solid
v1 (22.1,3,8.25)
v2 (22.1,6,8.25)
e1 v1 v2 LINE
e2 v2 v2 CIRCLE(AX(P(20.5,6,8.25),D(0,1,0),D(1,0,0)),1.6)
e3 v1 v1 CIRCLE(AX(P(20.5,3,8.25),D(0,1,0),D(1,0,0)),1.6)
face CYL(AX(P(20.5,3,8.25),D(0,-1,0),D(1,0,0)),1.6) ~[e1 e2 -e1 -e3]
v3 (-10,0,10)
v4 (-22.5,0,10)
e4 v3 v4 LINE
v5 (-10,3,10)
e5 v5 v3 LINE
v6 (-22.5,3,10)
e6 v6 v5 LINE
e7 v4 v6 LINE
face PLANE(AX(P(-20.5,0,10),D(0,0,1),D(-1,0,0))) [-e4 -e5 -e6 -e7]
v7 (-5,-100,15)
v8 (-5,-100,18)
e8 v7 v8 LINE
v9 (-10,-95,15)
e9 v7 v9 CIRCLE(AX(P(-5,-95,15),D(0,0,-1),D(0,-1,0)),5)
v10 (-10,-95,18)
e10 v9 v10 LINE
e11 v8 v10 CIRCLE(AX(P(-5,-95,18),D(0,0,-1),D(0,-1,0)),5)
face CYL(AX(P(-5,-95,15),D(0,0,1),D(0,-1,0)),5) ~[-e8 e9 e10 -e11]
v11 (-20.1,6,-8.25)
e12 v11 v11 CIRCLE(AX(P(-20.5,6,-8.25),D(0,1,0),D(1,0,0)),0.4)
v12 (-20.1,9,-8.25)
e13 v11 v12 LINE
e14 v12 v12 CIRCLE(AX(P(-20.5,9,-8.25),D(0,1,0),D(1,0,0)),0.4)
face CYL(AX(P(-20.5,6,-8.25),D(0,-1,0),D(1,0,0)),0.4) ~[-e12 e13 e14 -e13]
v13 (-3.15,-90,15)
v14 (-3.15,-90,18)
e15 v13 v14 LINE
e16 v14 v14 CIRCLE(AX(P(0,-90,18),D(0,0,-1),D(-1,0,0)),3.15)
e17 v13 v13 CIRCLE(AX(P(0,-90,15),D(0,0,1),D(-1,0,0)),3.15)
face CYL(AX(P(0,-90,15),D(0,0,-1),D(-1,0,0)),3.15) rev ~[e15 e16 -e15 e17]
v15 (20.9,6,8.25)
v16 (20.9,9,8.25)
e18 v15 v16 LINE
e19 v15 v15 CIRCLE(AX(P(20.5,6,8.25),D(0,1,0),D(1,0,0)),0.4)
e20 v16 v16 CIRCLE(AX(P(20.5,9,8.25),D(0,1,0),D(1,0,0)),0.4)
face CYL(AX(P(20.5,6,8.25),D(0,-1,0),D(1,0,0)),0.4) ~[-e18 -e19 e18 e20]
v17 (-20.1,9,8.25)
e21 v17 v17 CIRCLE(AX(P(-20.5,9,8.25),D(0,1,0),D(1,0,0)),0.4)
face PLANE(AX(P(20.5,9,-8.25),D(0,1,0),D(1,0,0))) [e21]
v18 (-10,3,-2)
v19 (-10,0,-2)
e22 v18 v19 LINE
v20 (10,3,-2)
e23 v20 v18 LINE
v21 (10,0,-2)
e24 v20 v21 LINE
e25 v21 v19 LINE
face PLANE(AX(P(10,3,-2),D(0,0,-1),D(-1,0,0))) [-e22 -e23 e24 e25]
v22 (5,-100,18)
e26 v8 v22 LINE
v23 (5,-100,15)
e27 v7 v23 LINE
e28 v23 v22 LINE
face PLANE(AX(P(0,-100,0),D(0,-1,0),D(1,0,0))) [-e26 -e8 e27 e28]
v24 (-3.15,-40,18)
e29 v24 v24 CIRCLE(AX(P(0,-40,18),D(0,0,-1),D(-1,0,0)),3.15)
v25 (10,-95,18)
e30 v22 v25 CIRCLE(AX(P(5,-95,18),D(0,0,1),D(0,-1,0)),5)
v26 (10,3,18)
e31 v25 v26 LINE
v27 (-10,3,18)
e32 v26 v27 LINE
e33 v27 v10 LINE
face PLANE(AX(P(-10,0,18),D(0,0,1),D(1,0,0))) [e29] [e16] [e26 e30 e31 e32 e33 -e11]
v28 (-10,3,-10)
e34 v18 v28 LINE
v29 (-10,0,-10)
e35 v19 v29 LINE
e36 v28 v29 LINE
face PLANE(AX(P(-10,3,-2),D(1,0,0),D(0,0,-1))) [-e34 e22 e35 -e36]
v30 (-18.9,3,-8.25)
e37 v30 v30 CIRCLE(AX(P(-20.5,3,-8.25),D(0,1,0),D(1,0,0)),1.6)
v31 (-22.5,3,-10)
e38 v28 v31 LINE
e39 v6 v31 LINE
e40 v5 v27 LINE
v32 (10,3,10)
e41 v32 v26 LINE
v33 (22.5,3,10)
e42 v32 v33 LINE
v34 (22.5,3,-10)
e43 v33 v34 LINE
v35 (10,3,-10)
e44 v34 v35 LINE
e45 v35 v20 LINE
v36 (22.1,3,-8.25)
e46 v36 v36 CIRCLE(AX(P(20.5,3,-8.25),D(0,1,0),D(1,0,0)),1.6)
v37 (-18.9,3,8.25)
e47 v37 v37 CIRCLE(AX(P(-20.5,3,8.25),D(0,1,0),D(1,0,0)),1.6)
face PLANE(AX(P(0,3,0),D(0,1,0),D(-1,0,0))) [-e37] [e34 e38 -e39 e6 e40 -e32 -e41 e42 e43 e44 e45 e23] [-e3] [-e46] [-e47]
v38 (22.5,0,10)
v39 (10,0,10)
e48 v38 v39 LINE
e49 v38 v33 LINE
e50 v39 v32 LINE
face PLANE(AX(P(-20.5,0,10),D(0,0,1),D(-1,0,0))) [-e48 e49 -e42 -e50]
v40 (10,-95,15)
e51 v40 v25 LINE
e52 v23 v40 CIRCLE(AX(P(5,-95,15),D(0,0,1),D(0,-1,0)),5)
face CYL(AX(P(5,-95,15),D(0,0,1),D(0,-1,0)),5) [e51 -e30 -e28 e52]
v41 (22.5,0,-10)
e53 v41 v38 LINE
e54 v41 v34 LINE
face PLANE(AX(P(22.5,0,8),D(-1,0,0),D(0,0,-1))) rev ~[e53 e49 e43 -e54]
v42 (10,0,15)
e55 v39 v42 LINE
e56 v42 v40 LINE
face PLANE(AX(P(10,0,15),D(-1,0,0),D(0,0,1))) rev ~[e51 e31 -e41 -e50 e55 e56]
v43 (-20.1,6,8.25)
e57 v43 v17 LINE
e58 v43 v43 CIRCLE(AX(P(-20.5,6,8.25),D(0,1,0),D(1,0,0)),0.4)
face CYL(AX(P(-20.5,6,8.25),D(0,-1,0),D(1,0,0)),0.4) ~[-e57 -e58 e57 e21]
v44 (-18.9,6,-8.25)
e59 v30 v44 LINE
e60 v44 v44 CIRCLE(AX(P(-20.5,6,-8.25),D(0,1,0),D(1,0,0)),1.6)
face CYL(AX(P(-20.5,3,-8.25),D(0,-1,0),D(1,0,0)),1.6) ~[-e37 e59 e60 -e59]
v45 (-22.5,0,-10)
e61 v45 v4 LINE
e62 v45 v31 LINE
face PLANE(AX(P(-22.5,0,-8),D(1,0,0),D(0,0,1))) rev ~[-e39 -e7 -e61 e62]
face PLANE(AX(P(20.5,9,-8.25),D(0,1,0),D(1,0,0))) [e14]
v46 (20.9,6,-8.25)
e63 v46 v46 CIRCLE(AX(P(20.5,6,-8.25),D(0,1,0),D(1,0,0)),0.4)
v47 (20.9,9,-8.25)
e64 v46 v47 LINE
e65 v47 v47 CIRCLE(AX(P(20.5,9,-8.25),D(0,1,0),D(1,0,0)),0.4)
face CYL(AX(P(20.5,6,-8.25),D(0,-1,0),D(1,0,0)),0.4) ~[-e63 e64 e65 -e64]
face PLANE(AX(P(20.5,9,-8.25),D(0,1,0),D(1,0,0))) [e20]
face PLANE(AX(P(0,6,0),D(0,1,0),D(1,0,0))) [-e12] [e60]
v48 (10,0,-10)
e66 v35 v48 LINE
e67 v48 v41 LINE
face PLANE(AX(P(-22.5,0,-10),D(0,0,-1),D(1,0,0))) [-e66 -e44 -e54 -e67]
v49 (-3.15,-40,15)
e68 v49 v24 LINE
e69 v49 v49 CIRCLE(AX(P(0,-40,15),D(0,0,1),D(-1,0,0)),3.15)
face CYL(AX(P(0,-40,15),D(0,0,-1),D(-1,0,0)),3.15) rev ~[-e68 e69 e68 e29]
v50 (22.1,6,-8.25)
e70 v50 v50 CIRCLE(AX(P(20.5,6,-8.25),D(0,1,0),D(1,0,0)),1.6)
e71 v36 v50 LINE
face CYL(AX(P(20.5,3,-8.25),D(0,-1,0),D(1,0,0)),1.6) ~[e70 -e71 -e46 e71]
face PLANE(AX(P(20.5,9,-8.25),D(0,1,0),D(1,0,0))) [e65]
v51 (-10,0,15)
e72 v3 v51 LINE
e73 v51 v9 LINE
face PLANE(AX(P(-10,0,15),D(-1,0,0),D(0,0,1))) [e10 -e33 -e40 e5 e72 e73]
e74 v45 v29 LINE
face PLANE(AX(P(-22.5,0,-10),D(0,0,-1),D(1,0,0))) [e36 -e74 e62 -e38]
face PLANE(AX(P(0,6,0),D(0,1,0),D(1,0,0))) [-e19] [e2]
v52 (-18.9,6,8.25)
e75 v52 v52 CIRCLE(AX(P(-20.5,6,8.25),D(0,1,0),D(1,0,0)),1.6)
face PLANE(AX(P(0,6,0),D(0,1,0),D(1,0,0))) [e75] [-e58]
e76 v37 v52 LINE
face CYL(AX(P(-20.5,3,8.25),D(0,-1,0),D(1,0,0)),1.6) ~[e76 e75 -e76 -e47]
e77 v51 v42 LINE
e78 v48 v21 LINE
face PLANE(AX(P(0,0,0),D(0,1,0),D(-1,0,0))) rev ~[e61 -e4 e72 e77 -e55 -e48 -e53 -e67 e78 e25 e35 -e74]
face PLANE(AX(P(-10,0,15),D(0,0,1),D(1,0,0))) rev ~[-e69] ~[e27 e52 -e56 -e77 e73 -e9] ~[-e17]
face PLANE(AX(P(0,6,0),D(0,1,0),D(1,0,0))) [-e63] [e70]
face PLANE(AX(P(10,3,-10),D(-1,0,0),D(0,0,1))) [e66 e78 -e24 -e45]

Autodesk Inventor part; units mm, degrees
ref_plane "YZ Plane" through (0, 0, 0) normal (1, 0, 0) x (0, 1, 0)
ref_plane "XZ Plane" through (0, 0, 0) normal (0, 1, 0) x (-1, 0, 0)
ref_plane "XY Plane" through (0, 0, 0) normal (0, 0, 1) x (1, 0, 0)
sketch "스케치1" plane through (0, 0, 0) normal (0, 1, 0) x (-1, 0, 0)
  line L0 (20.5, 10) -> (-20.5, 10)
  line L1 (-22.5, 8) -> (-22.5, -8)
  line L2 (-20.5, -10) -> (20.5, -10)
  line L3 (22.5, -8) -> (22.5, 8)
  line L4 (22.5, 10) -> (-22.5, -10) construction
  line L5 (-22.5, 10) -> (22.5, -10) construction
  line L6 (20.5, 8.25) -> (-20.5, 8.25)
  line L7 (-20.5, 8.25) -> (-20.5, -8.25)
  line L8 (-20.5, -8.25) -> (20.5, -8.25)
  line L9 (20.5, -8.25) -> (20.5, 8.25)
  line L10 (20.5, 8.25) -> (-20.5, -8.25) construction
  line L11 (-20.5, 8.25) -> (20.5, -8.25) construction
  circle A0 centre (20.5, -8.25) radius 1.1
  circle A1 centre (-20.5, -8.25) radius 1.1
  circle A2 centre (-20.5, 8.25) radius 1.1
  circle A3 centre (20.5, 8.25) radius 1.1
  arc A4 (20.5, -10) -> (22.5, -8) centre (20.5, -8) ccw
  arc A5 (22.5, 8) -> (20.5, 10) centre (20.5, 8) ccw
  arc A6 (-20.5, 10) -> (-22.5, 8) centre (-20.5, 8) ccw
  arc A7 (-22.5, -8) -> (-20.5, -10) centre (-20.5, -8) ccw
  line L12 (-22.5, 10) -> (22.5, 10)
  line L13 (22.5, 10) -> (22.5, -10)
  line L14 (22.5, -10) -> (-22.5, -10)
  line L15 (-22.5, -10) -> (-22.5, 10)
  line L16 (-22.5, 10) -> (22.5, -10) construction
  line L17 (22.5, 10) -> (-22.5, -10) construction
  point P0 (0, 0)
  dimension "d0" = 45
  dimension "d1" = 20
  dimension "d2" = 41
  dimension "d3" = 16.5
  dimension "d4" = 2.2
  dimension "d5" = 2.2
  dimension "d6" = 2.2
  dimension "d7" = 2.2
  dimension "d8" = 2
extrude "돌출1" add sketch "스케치1" along normal blind 3 contours A5 L3 A4 L2 A7 L1 A6 L0 | L12 L13 A5 | A6 L15 L12 | L13 L14 A4 | A7 L14 L15 | L6 A3 L9 A0 L8 A1 L7 A2
sketch "스케치6" plane through (-22.5, 0, 10) normal (0, 0, 1) x (1, 0, 0)
  line L0 (45, 3) -> (0, 3) projected
  line L1 (12.5, 0) -> (32.5, 0)
  line L2 (32.5, 0) -> (32.5, 3)
  line L3 (32.5, 3) -> (12.5, 3)
  line L4 (12.5, 3) -> (12.5, 0)
  line L5 (12.5, 0) -> (32.5, 3) construction
  line L6 (32.5, 0) -> (12.5, 3) construction
  point P0 (22.5, 0)
  point P1 (22.5, 1.5)
  dimension "d23" = 20
extrude "돌출5" add sketch "스케치6" along normal blind 8
sketch "스케치7" plane through (0, 0, 0) normal (0, -1, 0) x (1, 0, 0)
  line L0 (-10, 18) -> (10, 18) projected
  line L1 (-10, 10) -> (-10, 18) projected
  line L2 (10, 18) -> (-10, 18)
  line L3 (-10, 18) -> (-10, 15)
  line L4 (-10, 15) -> (10, 15)
  line L5 (10, 15) -> (10, 18)
  point P0 (0, 0)
  dimension "d26" = 3
extrude "돌출6" add sketch "스케치7" along normal blind 100
sketch "스케치8" plane through (10, 0, 15) normal (0, 0, -1) x (-1, 0, 0)
  line L0 (20, -100) -> (0, -100) projected
  line L1 (10, -100) -> (10, -90)
  line L2 (10, -90) -> (10, -40)
  circle A0 centre (10, -40) radius 3.15
  circle A1 centre (10, -90) radius 3.15
  point P0 (10, 0)
  dimension "d29" = 10
  dimension "d30" = 50
  dimension "d31" = 6.3
  dimension "d32" = 6.3
extrude "돌출7" cut sketch "스케치8" against normal blind 100
sketch "스케치9" plane through (0, 3, 0) normal (0, 1, 0) x (1, 0, 0)
  circle A0 centre (-20.5, 8.25) radius 1.1 projected
  circle A1 centre (-20.5, 8.25) radius 1.1
  circle A2 centre (-20.5, 8.25) radius 1.6
  line L0 (22.5, 10) -> (-22.5, 10) projected
  line L1 (0, 10) -> (0, -18)
  line L2 (10, -18) -> (-10, -18) projected
  line L3 (-22.5, 10) -> (-22.5, -10) projected
  line L4 (-22.5, 0) -> (22.5, 0)
  line L5 (22.5, -10) -> (22.5, 10) projected
  circle A3 centre (20.5, 8.25) radius 1.1
  circle A4 centre (20.5, 8.25) radius 1.1
  circle A5 centre (20.5, 8.25) radius 1.6
  circle A6 centre (-20.5, -8.25) radius 1.1
  circle A7 centre (-20.5, -8.25) radius 1.1
  circle A8 centre (-20.5, -8.25) radius 1.6
  line L6 (22.5, -10) -> (-22.5, -10)
  circle A9 centre (20.5, -8.25) radius 1.1
  circle A10 centre (20.5, -8.25) radius 1.1
  circle A11 centre (20.5, -8.25) radius 1.6
  point P0 (0, 0)
  point P1 (0, -10)
  dimension "d35" = 0.5
extrude "돌출8" add sketch "스케치9" along normal blind 3 contours A2 | A5 | A8 | A11
sketch "스케치10" plane through (0, 3, 0) normal (0, 1, 0) x (1, 0, 0)
  line L0 (22.5, 10) -> (-22.5, 10) projected
  line L1 (0, 10) -> (-10, 10)
  line L2 (0, 10) -> (10, 10) construction
  line L3 (-10, 10) -> (10, 10)
  line L4 (10, 10) -> (10, 2)
  line L5 (10, 2) -> (-10, 2)
  line L6 (-10, 2) -> (-10, 10)
  point P0 (0, 0)
  dimension "d38" = 10
  dimension "d39" = 180
  dimension "d40" = 20
  dimension "d41" = 8
extrude "돌출9" cut sketch "스케치10" against normal blind 3
fillet "모깎기1" radius 5 2 edges at (-10, -100, 16.5) (10, -100, 16.5)
sketch "스케치11" plane through (-20.5, 6, -8.25) normal (0, 1, 0) x (1, 0, 0)
  circle A0 centre (0, 0) radius 1.1 projected
  circle A1 centre (0, 0) radius 1.1
  circle A2 centre (0, -16.5) radius 1.1 projected
  circle A3 centre (0, -16.5) radius 1.1
  circle A4 centre (41, 0) radius 1.1 projected
  circle A5 centre (41, 0) radius 1.1
  circle A6 centre (41, -16.5) radius 1.1 projected
  circle A7 centre (41, -16.5) radius 1.1
  point P0 (20.5, -8.25)
extrude "돌출10" add sketch "스케치11" against normal up to surface (6 mm away)
sketch "스케치12" plane through (20.5, 6, -8.25) normal (0, 1, 0) x (1, 0, 0)
  circle A0 centre (-41, 0) radius 1.6 projected
  circle A1 centre (-41, 0) radius 0.4
  circle A2 centre (-41, -16.5) radius 1.6 projected
  circle A3 centre (-41, -16.5) radius 0.4
  circle A4 centre (0, 0) radius 1.6 projected
  circle A5 centre (0, 0) radius 0.4
  circle A6 centre (0, -16.5) radius 1.6 projected
  circle A7 centre (0, -16.5) radius 0.4
  point P0 (-20.5, -8.25)
  dimension "d47" = 0.8
  dimension "d48" = 0.8
  dimension "d49" = 0.8
  dimension "d50" = 0.8
extrude "돌출11" add sketch "스케치12" along normal blind 3 contours A1 | A3 | A5 | A7
properties part number "sonic_sensor_holder"
